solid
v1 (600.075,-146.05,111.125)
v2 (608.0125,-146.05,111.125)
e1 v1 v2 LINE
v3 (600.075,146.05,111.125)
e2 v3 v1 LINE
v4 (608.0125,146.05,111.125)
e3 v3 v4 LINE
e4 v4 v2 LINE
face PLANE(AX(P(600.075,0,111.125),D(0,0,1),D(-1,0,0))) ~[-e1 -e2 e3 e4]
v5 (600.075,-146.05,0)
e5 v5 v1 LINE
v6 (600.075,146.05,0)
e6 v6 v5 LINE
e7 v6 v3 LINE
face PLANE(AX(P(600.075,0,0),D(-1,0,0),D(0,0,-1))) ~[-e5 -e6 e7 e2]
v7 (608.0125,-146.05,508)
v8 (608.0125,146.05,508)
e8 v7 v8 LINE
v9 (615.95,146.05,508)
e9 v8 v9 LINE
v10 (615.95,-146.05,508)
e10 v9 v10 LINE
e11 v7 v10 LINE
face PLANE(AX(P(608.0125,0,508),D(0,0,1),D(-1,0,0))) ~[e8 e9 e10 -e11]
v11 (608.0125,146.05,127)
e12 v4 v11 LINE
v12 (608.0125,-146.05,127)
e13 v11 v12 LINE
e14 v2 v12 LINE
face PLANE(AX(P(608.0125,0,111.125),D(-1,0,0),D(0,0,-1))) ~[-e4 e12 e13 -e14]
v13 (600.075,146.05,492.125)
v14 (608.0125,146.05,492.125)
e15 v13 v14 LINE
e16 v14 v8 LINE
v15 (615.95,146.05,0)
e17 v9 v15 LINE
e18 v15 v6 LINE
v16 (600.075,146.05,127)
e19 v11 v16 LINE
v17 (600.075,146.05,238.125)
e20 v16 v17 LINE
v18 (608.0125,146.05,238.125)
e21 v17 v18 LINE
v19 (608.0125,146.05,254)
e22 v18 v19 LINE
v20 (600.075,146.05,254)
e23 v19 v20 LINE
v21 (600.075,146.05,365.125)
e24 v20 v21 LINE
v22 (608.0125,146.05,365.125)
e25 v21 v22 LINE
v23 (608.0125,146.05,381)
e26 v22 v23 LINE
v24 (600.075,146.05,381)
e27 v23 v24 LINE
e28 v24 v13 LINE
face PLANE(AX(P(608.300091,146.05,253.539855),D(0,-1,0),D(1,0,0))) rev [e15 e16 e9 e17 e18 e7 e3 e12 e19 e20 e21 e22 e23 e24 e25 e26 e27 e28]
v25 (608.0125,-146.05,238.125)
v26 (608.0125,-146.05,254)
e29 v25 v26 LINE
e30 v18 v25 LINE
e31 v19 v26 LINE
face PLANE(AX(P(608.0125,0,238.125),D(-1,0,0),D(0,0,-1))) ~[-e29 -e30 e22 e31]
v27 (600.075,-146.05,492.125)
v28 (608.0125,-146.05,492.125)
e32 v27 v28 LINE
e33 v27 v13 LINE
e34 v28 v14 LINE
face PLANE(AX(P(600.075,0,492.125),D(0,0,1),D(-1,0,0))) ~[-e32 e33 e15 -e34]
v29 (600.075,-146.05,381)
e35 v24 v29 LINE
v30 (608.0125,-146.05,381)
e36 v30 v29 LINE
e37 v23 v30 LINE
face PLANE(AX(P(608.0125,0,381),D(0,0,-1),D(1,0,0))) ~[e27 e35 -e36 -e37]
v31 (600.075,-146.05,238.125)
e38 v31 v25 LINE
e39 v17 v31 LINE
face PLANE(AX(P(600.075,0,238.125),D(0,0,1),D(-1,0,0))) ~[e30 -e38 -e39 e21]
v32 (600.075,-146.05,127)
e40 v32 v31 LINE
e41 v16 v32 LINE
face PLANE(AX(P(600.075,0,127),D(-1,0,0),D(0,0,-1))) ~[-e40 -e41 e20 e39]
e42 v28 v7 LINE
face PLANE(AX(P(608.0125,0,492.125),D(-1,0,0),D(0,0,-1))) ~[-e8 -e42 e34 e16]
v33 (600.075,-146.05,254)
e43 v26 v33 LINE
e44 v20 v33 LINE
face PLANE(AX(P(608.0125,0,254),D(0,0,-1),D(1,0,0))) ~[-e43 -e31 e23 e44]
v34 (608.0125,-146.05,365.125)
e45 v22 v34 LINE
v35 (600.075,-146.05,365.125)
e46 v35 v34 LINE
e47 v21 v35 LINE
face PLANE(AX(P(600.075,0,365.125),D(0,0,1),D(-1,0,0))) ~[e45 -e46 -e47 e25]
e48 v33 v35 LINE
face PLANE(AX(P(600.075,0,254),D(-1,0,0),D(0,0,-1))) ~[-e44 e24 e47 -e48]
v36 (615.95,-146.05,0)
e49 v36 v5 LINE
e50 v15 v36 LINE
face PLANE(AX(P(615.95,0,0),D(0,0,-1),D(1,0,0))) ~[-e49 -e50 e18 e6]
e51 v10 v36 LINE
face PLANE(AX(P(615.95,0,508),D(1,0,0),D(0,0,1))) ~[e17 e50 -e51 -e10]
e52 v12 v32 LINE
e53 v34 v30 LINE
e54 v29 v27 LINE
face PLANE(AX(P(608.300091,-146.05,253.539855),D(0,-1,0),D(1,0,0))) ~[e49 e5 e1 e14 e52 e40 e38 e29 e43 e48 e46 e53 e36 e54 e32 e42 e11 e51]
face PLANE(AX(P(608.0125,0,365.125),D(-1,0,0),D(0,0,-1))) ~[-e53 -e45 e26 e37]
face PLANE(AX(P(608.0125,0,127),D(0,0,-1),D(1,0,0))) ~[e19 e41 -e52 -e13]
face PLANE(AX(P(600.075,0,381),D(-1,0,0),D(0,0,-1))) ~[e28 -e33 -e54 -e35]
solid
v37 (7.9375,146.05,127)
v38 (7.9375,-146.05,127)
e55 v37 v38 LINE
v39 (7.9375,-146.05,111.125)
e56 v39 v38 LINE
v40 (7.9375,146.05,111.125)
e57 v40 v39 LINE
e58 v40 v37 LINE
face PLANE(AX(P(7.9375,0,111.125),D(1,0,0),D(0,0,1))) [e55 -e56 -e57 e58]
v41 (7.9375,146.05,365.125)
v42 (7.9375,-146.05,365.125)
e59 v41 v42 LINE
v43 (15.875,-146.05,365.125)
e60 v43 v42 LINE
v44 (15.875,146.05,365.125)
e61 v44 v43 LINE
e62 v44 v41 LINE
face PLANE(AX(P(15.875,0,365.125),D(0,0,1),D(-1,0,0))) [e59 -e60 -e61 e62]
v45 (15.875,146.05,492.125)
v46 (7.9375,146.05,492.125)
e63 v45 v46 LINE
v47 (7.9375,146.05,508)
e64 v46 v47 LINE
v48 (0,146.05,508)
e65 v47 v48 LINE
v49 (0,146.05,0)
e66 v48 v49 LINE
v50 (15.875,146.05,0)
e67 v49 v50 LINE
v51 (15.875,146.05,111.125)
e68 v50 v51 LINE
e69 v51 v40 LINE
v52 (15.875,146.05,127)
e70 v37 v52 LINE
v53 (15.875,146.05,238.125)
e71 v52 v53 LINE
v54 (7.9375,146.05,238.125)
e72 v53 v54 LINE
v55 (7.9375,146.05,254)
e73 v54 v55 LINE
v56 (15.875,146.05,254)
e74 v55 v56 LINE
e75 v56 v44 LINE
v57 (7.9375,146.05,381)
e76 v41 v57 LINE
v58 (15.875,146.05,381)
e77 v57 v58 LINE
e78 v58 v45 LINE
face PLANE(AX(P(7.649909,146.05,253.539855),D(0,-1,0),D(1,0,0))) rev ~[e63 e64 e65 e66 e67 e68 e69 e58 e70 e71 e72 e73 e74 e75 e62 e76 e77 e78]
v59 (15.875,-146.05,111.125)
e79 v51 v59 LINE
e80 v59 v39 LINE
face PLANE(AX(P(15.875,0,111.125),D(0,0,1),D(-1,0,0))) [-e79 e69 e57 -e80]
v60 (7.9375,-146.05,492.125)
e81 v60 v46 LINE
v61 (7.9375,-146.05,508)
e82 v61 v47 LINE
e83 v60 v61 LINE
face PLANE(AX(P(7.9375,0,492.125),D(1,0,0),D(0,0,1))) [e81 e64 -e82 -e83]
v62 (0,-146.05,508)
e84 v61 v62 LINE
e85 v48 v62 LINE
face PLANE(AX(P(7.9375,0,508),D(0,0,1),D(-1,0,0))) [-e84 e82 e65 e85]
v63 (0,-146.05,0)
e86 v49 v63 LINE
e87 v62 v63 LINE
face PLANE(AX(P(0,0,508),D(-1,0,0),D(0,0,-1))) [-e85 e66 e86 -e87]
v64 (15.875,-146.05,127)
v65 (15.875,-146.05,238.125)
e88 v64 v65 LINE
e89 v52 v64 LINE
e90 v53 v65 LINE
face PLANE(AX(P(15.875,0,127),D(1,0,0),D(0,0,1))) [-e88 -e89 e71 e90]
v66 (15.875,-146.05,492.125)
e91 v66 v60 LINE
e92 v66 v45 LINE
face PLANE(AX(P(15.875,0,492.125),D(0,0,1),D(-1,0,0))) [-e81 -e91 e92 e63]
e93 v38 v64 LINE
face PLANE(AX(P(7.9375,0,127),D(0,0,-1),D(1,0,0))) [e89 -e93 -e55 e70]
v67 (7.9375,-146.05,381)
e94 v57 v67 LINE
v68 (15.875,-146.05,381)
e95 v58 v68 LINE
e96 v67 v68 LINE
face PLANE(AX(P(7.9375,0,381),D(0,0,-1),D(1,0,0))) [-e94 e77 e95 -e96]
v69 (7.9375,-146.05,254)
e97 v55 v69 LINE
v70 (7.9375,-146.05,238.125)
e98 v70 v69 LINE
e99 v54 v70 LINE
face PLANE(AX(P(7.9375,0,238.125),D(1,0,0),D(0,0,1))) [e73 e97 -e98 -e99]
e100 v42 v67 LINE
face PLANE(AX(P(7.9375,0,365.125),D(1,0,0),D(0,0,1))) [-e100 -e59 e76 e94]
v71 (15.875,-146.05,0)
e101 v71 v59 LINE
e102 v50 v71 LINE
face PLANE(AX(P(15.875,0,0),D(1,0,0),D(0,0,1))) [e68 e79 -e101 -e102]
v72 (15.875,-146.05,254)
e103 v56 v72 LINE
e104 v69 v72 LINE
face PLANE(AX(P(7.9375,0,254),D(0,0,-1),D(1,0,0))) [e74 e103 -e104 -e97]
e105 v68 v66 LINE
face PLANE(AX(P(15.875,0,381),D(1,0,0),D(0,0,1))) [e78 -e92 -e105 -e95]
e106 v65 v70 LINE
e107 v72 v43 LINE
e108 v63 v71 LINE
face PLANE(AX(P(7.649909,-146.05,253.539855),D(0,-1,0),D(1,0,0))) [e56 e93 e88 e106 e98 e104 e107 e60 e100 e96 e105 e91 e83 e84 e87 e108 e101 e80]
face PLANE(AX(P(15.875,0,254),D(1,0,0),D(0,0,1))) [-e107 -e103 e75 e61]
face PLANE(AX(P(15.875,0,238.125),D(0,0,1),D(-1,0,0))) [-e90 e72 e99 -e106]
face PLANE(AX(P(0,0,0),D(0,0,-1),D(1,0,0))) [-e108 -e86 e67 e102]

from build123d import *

# Parameters (mm, degrees)
F1_DEPTH = 146.05


with BuildPart() as f1:
    # F0 (on Front) → F1 (new body, symmetric)
    with BuildSketch(Plane.XZ):
        Polygon((7.9375, 508), (0, 508), (0, 0), (15.875, 0), (15.875, 111.125), (7.9375, 111.125), (7.9375, 127), (15.875, 127), (15.875, 238.125), (7.9375, 238.125), (7.9375, 254), (15.875, 254), (15.875, 365.125), (7.9375, 365.125), (7.9375, 381), (15.875, 381), (15.875, 492.125), (7.9375, 492.125), align=None)
    extrude(amount=F1_DEPTH, both=True)


with BuildPart() as f3_1:
    # F3: instance of F1
    add(f1.part.mirror(Plane(origin=(307.975, 0, 55.5625), x_dir=(0, 1, 0), z_dir=(1, 0, 0))))


solid = Compound([f1.part, f3_1.part])
